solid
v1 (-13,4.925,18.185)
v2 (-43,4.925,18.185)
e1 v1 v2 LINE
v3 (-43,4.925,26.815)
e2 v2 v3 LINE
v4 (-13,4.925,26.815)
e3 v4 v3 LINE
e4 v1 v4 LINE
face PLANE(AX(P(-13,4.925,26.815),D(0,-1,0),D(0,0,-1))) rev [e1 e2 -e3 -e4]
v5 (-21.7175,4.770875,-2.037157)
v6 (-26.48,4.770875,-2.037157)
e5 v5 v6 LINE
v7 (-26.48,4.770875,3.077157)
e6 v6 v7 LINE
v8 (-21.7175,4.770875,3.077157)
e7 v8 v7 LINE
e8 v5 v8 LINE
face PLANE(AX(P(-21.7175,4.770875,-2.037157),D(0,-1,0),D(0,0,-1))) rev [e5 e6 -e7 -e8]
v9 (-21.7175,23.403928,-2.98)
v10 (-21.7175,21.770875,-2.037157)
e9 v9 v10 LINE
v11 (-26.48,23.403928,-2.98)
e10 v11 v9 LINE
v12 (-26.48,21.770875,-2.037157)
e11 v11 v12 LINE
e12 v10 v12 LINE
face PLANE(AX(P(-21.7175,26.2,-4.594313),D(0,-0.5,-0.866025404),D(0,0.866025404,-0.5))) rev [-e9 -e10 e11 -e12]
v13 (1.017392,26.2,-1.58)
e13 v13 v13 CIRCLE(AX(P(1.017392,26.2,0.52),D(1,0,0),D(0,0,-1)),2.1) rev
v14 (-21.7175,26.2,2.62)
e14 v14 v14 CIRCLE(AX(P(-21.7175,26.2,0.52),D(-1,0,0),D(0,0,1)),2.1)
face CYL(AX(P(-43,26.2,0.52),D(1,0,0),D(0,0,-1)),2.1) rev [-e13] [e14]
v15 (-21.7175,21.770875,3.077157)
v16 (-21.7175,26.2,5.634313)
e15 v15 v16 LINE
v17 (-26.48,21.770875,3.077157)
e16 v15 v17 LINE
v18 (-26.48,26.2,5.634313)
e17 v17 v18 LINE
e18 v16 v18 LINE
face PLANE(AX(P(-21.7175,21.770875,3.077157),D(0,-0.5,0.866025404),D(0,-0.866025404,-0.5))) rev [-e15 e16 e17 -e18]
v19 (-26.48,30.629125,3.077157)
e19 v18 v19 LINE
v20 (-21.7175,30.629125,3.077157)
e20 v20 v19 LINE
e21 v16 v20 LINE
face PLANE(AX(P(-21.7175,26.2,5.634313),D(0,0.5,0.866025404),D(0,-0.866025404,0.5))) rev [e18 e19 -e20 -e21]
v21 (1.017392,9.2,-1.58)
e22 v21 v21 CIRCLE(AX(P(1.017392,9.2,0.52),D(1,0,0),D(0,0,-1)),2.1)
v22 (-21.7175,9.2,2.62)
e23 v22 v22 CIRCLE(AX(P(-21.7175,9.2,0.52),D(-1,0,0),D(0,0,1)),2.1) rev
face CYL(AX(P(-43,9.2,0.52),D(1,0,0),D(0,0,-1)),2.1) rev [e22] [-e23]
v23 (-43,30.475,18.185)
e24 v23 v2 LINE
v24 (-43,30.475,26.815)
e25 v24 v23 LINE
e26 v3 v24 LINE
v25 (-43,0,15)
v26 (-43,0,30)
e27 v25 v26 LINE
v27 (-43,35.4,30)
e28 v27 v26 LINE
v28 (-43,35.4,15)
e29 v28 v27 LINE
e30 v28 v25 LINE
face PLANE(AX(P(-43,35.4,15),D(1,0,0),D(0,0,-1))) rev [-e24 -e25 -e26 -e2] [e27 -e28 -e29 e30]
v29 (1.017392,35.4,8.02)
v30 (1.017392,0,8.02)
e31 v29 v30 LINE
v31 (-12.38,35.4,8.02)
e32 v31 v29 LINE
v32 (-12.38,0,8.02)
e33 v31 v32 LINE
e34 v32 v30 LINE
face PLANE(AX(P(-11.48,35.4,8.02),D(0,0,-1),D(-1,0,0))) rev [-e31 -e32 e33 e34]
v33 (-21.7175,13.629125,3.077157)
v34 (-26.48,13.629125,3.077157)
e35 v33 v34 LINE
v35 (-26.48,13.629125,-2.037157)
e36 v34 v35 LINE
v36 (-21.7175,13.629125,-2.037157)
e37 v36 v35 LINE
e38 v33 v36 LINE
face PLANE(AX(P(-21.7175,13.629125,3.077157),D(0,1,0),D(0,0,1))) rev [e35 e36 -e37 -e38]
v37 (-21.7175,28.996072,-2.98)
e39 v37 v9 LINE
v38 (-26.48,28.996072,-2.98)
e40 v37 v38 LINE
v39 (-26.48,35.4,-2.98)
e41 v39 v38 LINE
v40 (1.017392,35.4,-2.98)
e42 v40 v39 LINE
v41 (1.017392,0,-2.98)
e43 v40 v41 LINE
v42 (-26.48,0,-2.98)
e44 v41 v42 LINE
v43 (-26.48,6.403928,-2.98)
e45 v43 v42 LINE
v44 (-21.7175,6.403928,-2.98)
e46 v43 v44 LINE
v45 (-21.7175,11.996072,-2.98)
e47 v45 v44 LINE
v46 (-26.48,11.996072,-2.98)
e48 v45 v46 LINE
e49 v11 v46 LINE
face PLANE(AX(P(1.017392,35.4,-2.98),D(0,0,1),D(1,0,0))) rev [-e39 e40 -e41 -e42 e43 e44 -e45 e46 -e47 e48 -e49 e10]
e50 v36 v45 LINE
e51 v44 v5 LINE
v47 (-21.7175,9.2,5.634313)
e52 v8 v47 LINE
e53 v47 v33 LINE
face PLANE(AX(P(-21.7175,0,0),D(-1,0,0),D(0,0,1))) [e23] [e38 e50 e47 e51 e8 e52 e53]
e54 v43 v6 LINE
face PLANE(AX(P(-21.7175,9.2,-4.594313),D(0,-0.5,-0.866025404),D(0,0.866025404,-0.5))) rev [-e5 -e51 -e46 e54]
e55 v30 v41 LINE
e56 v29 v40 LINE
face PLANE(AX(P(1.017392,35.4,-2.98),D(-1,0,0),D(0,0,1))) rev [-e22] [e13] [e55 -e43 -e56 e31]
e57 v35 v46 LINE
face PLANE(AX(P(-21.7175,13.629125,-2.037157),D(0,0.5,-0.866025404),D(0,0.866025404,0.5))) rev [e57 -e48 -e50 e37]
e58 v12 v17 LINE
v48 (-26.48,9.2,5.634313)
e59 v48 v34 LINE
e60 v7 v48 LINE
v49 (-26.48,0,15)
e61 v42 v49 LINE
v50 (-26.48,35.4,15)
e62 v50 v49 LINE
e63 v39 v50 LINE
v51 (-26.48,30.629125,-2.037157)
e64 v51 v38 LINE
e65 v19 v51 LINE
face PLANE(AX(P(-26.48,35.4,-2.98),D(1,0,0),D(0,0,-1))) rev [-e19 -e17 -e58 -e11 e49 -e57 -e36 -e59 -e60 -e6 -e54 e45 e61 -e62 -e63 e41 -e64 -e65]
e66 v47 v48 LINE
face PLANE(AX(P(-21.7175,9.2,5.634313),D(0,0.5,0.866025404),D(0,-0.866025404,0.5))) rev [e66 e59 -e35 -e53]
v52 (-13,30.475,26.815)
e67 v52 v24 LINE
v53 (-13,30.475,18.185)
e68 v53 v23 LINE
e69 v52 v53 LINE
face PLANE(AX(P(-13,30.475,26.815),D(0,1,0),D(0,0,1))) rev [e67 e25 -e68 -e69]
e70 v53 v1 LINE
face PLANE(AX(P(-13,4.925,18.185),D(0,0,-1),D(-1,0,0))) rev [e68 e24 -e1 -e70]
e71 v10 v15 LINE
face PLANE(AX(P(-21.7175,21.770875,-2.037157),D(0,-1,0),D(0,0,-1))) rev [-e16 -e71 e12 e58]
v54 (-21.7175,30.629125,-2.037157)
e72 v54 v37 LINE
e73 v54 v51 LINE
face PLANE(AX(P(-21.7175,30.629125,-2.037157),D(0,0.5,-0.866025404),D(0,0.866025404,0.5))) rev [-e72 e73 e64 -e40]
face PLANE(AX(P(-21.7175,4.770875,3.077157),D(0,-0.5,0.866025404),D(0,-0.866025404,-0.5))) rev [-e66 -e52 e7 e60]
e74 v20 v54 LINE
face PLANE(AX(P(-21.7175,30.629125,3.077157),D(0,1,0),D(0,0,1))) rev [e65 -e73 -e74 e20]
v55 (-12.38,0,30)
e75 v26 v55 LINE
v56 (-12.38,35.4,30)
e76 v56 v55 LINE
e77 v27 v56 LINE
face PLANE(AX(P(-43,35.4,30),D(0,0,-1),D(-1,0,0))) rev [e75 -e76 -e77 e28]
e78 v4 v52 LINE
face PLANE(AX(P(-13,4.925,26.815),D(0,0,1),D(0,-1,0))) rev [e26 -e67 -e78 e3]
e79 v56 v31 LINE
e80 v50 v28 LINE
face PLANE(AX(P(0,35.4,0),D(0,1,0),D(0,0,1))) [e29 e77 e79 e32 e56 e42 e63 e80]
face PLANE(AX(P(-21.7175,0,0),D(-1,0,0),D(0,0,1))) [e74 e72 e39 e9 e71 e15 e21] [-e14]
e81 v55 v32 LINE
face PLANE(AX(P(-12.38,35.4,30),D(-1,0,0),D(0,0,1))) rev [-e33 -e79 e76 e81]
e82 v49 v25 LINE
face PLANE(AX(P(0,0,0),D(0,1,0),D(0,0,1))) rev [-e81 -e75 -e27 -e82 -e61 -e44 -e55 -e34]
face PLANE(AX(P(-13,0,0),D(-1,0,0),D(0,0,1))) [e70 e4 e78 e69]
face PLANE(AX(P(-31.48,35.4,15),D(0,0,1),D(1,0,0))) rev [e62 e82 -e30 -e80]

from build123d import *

# Parameters (mm, degrees)
BOSS_EXTRUDE1_DEPTH = 35.4
SKETCH2_W           = 8.63
SKETCH2_H           = 25.55
CUT_EXTRUDE1_DEPTH  = 30
SKETCH3_R           = 2.1
CUT_EXTRUDE2_DEPTH  = 64.958508207
CUT_EXTRUDE3_DEPTH  = 4.7625


with BuildPart() as part:
    # Sketch1 → Boss-Extrude1 (new body)
    with BuildSketch(Plane(origin=(0, 0, 0), x_dir=(1, 0, 0), z_dir=(0, 1, 0))):
        Polygon((1.0173917, 2.98), (-26.48, 2.98), (-26.48, -15), (-31.48, -15), (-43, -15), (-43, -30), (-12.38, -30), (-12.38, -8.02), (-11.48, -8.02), (1.0173917, -8.02), align=None)
    extrude(amount=BOSS_EXTRUDE1_DEPTH)

    # Sketch2 → Cut-Extrude1 (cut)
    with BuildSketch(Plane.ZY.offset(43)):
        with Locations((22.5, 17.7)):
            Rectangle(SKETCH2_W, SKETCH2_H)
    extrude(amount=-CUT_EXTRUDE1_DEPTH, mode=Mode.SUBTRACT)

    # Sketch3 → Cut-Extrude2 (cut, through all)
    with BuildSketch(Plane(origin=(1.0173917, 0, 0), x_dir=(0, 0, -1), z_dir=(1, 0, 0))):
        with Locations((-0.52, 9.2)):
            Circle(SKETCH3_R)
        with Locations((-0.52, 26.2)):
            Circle(SKETCH3_R)
    extrude(amount=-CUT_EXTRUDE2_DEPTH, mode=Mode.SUBTRACT)

    # Sketch4 → Cut-Extrude3 (cut)
    with BuildSketch(Plane.ZY.offset(26.48)):
        Polygon((-4.594313022, 9.2), (-2.037156511, 4.770875), (3.077156511, 4.770875), (5.634313022, 9.2), (3.077156511, 13.629125), (-2.037156511, 13.629125), align=None)
        Polygon((-4.594313022, 26.2), (-2.037156511, 21.770875), (3.077156511, 21.770875), (5.634313022, 26.2), (3.077156511, 30.629125), (-2.037156511, 30.629125), align=None)
    extrude(amount=-CUT_EXTRUDE3_DEPTH, mode=Mode.SUBTRACT)


solid = part.part
